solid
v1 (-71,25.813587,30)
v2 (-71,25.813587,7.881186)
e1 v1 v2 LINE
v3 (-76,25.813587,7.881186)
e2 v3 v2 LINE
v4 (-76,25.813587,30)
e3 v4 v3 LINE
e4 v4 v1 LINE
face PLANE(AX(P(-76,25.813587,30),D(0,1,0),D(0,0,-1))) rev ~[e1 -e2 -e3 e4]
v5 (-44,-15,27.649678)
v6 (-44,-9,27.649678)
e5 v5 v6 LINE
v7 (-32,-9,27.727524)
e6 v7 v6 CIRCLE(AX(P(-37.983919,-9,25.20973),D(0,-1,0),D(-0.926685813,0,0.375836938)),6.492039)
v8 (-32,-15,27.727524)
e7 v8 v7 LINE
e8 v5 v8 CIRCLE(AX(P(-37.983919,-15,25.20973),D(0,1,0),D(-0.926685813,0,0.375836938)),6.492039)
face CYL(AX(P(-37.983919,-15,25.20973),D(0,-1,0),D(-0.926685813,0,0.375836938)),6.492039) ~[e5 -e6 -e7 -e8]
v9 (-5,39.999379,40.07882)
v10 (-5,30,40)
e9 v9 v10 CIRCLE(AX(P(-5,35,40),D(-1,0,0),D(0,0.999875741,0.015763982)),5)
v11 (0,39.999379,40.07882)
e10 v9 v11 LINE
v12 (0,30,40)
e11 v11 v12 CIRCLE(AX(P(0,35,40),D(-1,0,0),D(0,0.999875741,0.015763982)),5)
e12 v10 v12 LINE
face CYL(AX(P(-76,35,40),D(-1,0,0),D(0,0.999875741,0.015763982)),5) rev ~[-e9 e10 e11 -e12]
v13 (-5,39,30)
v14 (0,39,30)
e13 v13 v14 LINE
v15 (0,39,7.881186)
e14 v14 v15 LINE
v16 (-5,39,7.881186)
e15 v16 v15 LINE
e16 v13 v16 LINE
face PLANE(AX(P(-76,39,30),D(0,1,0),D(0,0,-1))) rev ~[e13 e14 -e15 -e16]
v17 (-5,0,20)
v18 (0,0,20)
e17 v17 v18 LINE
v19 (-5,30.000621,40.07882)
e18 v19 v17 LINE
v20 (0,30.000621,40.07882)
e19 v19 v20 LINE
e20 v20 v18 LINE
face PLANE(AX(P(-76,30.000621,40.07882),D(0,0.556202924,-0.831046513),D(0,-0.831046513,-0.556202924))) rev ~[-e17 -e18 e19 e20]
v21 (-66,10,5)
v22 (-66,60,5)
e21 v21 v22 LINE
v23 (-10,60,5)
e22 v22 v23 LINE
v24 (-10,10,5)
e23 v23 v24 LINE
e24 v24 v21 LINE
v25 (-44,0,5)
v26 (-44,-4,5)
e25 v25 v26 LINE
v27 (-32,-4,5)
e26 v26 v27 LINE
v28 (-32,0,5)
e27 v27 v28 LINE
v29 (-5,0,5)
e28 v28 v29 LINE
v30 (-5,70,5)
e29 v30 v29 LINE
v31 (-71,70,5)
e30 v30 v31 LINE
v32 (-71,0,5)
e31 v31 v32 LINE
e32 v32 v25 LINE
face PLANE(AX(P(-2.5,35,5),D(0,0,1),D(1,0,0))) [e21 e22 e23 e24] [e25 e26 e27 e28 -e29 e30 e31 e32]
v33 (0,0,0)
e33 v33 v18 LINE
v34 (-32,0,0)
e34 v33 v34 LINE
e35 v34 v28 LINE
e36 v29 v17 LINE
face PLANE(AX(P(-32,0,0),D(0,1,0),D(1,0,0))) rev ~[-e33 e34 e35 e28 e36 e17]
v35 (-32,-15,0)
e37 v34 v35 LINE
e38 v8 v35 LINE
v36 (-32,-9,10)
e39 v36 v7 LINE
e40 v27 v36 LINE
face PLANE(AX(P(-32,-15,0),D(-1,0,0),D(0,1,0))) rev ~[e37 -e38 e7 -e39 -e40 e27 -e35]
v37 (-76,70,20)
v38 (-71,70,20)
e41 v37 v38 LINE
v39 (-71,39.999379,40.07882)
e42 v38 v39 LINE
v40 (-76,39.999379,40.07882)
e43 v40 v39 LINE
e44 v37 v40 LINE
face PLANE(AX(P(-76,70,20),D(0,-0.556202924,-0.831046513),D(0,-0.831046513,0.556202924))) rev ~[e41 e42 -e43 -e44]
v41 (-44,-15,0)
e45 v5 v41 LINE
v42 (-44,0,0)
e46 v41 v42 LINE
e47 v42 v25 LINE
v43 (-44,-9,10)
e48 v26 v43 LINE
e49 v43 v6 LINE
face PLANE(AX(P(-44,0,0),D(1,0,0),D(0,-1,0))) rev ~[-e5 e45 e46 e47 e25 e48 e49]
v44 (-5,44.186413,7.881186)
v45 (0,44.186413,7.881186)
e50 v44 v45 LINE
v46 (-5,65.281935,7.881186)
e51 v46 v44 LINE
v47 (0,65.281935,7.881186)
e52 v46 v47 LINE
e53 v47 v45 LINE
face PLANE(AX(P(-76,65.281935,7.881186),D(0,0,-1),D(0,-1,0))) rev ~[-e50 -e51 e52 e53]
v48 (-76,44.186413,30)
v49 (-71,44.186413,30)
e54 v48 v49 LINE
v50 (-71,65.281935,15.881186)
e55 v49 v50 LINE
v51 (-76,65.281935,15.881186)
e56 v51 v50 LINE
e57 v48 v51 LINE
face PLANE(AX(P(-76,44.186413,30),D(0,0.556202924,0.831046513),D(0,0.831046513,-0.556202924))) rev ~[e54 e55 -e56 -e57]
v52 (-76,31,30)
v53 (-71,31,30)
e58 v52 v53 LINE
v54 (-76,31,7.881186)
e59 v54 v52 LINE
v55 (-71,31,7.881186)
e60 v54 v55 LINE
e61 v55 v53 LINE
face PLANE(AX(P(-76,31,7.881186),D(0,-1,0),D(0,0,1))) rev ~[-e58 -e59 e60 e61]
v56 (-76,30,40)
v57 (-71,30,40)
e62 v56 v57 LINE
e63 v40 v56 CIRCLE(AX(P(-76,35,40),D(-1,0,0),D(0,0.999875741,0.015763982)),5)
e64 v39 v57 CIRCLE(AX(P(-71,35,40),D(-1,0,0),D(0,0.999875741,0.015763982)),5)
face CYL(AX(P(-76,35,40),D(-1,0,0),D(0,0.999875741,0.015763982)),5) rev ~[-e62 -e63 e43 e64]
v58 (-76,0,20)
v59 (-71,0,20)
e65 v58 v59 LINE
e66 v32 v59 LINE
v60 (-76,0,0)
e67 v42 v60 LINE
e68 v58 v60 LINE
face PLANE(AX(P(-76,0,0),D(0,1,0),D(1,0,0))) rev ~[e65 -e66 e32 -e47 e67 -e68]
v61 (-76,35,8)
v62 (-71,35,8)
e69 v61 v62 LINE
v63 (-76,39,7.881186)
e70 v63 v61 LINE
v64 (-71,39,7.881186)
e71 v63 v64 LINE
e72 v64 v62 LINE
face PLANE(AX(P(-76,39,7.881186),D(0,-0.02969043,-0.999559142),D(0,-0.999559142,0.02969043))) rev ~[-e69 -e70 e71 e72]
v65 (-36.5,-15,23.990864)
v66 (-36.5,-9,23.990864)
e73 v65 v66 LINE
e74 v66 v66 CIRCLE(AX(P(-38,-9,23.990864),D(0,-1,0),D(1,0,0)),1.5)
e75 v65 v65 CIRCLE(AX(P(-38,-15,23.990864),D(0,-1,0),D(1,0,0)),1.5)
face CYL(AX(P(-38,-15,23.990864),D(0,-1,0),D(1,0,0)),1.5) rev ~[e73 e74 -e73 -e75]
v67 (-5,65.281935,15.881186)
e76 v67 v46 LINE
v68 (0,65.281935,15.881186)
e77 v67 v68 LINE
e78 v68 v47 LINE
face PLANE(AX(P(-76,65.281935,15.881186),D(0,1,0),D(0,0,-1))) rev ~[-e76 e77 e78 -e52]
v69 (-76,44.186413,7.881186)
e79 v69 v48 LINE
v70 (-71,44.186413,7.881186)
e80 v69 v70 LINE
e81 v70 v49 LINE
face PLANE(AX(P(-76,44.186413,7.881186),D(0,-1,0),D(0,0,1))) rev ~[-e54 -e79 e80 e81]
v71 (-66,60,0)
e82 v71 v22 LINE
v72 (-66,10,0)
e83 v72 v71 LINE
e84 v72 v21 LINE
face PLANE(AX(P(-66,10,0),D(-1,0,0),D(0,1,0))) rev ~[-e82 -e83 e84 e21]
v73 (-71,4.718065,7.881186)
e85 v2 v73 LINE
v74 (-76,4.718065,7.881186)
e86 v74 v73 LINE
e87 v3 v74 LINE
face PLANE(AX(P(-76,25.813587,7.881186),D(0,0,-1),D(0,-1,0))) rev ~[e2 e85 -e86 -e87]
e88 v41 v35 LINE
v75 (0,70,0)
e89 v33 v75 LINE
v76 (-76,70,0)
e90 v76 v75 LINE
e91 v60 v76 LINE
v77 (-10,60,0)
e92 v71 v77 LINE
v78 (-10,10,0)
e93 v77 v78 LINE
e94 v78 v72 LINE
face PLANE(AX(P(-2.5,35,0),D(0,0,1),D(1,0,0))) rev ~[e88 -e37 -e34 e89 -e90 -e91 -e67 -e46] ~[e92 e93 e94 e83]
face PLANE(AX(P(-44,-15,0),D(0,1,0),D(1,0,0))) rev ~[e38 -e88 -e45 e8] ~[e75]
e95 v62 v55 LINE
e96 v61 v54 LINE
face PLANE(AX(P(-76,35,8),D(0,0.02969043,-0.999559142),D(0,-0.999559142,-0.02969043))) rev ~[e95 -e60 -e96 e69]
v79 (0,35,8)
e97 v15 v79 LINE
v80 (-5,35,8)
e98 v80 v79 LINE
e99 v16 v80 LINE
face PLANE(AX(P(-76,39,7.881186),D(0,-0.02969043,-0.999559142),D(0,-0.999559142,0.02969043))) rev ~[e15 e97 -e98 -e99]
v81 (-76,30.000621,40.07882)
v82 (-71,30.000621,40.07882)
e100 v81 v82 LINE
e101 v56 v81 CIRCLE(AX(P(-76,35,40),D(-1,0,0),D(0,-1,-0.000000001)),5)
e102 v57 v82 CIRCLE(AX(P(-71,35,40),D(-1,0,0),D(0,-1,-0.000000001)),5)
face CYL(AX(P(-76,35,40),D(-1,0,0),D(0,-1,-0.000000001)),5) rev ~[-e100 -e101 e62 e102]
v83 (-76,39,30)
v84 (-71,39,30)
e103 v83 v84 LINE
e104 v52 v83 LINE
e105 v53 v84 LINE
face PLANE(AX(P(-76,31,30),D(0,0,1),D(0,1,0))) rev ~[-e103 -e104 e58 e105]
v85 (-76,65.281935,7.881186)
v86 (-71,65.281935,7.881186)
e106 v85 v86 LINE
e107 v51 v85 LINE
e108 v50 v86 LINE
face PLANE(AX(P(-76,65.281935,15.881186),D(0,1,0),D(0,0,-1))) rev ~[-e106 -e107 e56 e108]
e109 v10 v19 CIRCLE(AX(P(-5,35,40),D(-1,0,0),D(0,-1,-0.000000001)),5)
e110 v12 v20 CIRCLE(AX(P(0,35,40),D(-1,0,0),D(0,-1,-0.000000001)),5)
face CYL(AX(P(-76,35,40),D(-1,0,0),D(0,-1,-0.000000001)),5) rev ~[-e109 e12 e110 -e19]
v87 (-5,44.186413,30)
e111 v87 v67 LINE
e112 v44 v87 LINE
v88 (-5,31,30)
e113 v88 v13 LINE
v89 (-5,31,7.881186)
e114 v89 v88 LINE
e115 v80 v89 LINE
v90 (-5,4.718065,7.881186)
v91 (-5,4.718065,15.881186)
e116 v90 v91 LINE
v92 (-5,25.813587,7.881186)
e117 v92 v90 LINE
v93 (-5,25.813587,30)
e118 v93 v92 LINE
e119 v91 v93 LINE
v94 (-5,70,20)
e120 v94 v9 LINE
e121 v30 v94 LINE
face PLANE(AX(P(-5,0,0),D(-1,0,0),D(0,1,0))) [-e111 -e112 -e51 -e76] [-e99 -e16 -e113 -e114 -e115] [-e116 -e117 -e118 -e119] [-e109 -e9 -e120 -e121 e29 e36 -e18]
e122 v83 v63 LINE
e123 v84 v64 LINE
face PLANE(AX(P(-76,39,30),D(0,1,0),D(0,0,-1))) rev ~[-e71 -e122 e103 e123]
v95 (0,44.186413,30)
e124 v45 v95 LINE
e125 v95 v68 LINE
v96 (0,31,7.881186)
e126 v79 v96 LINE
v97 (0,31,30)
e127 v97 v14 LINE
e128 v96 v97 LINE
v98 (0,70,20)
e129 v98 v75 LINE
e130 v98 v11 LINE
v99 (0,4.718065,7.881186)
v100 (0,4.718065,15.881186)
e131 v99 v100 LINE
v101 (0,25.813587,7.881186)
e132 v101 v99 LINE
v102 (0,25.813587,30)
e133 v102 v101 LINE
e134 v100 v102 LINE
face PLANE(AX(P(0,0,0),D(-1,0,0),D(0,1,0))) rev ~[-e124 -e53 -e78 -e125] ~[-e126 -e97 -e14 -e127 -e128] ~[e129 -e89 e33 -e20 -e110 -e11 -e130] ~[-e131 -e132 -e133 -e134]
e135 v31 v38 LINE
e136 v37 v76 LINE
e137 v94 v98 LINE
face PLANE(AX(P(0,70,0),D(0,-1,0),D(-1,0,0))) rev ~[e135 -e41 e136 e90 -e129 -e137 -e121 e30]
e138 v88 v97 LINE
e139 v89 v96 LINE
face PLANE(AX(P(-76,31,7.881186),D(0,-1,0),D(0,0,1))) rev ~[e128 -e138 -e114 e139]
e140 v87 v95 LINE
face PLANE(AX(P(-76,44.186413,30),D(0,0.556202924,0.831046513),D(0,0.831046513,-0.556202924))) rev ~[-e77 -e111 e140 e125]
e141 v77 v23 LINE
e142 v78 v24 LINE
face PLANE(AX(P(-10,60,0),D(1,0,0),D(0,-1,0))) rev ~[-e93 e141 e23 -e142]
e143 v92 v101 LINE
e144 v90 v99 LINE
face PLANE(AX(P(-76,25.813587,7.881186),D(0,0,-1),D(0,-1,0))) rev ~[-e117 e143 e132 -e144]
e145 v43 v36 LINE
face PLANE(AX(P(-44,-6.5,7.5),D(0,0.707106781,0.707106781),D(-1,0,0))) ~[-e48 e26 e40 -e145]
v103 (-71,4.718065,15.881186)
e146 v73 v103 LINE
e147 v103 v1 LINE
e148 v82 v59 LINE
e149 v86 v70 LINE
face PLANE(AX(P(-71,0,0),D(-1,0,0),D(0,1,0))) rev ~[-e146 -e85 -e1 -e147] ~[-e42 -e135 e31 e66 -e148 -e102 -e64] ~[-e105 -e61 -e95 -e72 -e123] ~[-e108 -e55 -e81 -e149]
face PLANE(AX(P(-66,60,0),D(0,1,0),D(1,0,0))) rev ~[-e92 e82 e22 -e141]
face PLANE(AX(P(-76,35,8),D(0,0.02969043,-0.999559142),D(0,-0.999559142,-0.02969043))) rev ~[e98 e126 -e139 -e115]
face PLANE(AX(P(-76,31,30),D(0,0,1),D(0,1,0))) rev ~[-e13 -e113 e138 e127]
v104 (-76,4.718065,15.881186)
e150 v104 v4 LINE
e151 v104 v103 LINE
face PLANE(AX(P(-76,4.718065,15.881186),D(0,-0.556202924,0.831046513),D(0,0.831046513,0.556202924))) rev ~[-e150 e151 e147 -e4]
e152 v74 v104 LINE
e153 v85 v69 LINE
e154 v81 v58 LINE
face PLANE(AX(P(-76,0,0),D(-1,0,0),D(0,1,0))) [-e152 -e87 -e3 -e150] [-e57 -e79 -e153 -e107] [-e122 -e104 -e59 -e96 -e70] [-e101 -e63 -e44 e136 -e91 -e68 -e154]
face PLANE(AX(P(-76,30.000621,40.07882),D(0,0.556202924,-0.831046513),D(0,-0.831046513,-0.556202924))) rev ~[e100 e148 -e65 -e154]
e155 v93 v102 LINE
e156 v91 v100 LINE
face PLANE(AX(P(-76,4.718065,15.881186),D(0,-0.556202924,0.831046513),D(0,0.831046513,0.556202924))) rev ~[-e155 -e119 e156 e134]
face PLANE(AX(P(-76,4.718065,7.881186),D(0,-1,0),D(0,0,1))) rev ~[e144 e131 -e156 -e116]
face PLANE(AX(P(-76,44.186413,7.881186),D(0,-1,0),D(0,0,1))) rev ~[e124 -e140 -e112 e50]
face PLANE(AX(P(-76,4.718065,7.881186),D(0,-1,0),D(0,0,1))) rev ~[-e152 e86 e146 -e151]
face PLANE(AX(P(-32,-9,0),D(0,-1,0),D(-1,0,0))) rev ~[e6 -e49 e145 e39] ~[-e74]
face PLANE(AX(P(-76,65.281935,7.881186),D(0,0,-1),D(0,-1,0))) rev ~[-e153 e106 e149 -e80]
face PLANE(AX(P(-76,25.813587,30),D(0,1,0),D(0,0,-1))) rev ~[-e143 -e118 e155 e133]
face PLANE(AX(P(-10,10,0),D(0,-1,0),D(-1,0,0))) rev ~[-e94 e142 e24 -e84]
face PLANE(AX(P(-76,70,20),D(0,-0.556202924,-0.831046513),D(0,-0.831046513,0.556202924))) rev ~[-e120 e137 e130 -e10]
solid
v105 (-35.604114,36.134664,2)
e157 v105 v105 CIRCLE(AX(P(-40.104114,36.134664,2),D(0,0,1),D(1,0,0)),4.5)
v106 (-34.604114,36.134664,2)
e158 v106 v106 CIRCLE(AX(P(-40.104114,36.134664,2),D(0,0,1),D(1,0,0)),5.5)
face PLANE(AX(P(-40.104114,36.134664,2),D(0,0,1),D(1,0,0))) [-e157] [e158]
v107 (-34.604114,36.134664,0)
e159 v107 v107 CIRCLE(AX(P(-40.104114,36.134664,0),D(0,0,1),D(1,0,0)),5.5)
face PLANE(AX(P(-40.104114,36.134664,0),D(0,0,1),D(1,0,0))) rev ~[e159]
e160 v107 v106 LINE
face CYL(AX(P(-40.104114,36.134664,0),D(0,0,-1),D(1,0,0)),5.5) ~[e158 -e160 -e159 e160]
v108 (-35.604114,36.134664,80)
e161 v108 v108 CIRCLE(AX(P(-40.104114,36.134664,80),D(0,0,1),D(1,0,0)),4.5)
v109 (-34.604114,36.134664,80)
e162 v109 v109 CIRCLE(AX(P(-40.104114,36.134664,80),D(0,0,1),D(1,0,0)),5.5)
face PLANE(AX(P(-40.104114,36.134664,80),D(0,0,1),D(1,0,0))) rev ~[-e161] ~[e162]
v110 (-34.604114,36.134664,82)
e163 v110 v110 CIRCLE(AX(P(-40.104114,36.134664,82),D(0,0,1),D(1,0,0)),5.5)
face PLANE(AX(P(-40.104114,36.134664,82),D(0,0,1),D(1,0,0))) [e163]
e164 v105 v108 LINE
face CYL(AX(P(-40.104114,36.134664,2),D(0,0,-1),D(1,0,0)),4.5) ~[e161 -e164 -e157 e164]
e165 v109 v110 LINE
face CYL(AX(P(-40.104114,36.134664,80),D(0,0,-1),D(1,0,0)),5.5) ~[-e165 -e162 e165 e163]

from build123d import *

# Parameters (mm, degrees)
F0_W      = 5
F0_H      = 70
F0_W_2    = 56
F0_H_2    = 10
F1_DEPTH  = 5
F2_DEPTH  = 35
F3_DEPTH  = 45
F5_DEPTH  = 76.001
F6_R      = 1.5
F7_DEPTH  = 85.001
F8_SIZE   = 5
F9_R      = 5.5
F10_DEPTH = 2
F11_R     = 4.5
F12_DEPTH = 78
F13_R     = 5.5
F14_DEPTH = 2


with BuildPart() as f1:
    # F0 (on Top) → F1 (new body)
    with BuildSketch(Plane.XY):
        with Locations((-2.5, 35)):
            Rectangle(F0_W, F0_H)
        Polygon((-10, 0), (-5, 0), (-5, 70), (-10, 70), (-10, 60), (-10, 10), align=None)
        Polygon((-32, 0), (-10, 0), (-10, 10), (-66, 10), (-66, 0), (-44, 0), (-38, 0), align=None)
        Polygon((-32, -9), (-32, 0), (-38, 0), (-44, 0), (-44, -9), align=None)
        with Locations((-38, 65)):
            Rectangle(F0_W_2, F0_H_2)
        Polygon((-32, -15), (-32, -9), (-44, -9), (-44, -15), (-38, -15), align=None)
        Polygon((-66, 0), (-66, 10), (-66, 60), (-66, 70), (-71, 70), (-71, 0), align=None)
        with Locations((-73.5, 35)):
            Rectangle(F0_W, F0_H)
    extrude(amount=F1_DEPTH)

    # F0 (on Top) → F2 (join)
    with BuildSketch(Plane.XY):
        Polygon((-32, -15), (-32, -9), (-44, -9), (-44, -15), (-38, -15), align=None)
    extrude(amount=F2_DEPTH)

    # F0 (on Top) → F3 (join)
    with BuildSketch(Plane.XY):
        with Locations((-73.5, 35)):
            Rectangle(F0_W, F0_H)
        with Locations((-2.5, 35)):
            Rectangle(F0_W, F0_H)
    extrude(amount=F3_DEPTH)

    # F4 (on face) → F5 (cut, through all)
    with BuildSketch(Plane(origin=(-76, 0, 0), x_dir=(0, -1, 0), z_dir=(-1, 0, 0))):
        with BuildLine():
            ThreePointArc((-39.9993787036, 40.0788199095), (-35.0394111791, 35.0001553265), (-30, 40))
            ThreePointArc((-30, 40), (-30.0001553265, 40.0394111791), (-30.0006212964, 40.0788199095))
            ThreePointArc((-30.0006212964, 40.0788199095), (-35, 45), (-39.9993787036, 40.0788199095))
        make_face()
        Polygon((-35, 30), (-39, 30), (-39, 7.8811858993), (-35, 8), align=None)
        Polygon((-31, 30), (-35, 30), (-35, 8), (-31, 7.8811858993), align=None)
        Polygon((-44.186412645, 7.8811858993), (-44.186412645, 30), (-65.2819350362, 15.8811858993), (-65.2819350362, 7.8811858993), align=None)
        Polygon((-4.7180649638, 15.8811858993), (-25.813587355, 30), (-25.813587355, 7.8811858993), (-4.7180649638, 7.8811858993), align=None)
        with BuildLine():
            ThreePointArc((-35, 45), (-31.4924438385, 43.5632919855), (-30.0006212964, 40.0788199095))
            Line((-30.0006212964, 40.0788199095), (0, 20))
            Line((0, 20), (0, 45))
            Line((0, 45), (-35, 45))
        make_face()
        with BuildLine():
            Line((-70, 20), (-39.9993787036, 40.0788199095))
            ThreePointArc((-39.9993787036, 40.0788199095), (-38.5075561615, 43.5632919855), (-35, 45))
            Line((-35, 45), (-70, 45))
            Line((-70, 45), (-70, 20))
        make_face()
    extrude(amount=-F5_DEPTH, mode=Mode.SUBTRACT)

    # F6 (on face) → F7 (cut, through all)
    with BuildSketch(Plane.XZ.offset(15)):
        with Locations((-38, 23.9908639342)):
            Circle(F6_R)
        with BuildLine():
            ThreePointArc((-44, 27.6496782899), (-38.0260330484, 31.7016328425), (-32, 27.7275238186))
            Line((-32, 27.7275238186), (-32, 35))
            Line((-32, 35), (-44, 35))
            Line((-44, 35), (-44, 27.6496782899))
        make_face()
    extrude(amount=-F7_DEPTH, mode=Mode.SUBTRACT)

    # F8
    f8_edges = [f1.edges().sort_by_distance(p)[0] for p in [
        (-38, -9, 5),
    ]]
    chamfer(f8_edges, length=F8_SIZE)


with BuildPart() as f10:
    # F9 (on Top) → F10 (new body)
    with BuildSketch(Plane.XY):
        with Locations((-40.1041135192, 36.1346639693)):
            Circle(F9_R)
    extrude(amount=F10_DEPTH)

    # F11 (on face) → F12 (join)
    with BuildSketch(Plane.XY.offset(2)):
        with Locations((-40.1041135192, 36.1346639693)):
            Circle(F11_R)
    extrude(amount=F12_DEPTH)

    # F13 (on face) → F14 (join)
    with BuildSketch(Plane.XY.offset(80)):
        with Locations((-40.1041135192, 36.1346639693)):
            Circle(F13_R)
    extrude(amount=F14_DEPTH)


solid = Compound([f1.part, f10.part])
